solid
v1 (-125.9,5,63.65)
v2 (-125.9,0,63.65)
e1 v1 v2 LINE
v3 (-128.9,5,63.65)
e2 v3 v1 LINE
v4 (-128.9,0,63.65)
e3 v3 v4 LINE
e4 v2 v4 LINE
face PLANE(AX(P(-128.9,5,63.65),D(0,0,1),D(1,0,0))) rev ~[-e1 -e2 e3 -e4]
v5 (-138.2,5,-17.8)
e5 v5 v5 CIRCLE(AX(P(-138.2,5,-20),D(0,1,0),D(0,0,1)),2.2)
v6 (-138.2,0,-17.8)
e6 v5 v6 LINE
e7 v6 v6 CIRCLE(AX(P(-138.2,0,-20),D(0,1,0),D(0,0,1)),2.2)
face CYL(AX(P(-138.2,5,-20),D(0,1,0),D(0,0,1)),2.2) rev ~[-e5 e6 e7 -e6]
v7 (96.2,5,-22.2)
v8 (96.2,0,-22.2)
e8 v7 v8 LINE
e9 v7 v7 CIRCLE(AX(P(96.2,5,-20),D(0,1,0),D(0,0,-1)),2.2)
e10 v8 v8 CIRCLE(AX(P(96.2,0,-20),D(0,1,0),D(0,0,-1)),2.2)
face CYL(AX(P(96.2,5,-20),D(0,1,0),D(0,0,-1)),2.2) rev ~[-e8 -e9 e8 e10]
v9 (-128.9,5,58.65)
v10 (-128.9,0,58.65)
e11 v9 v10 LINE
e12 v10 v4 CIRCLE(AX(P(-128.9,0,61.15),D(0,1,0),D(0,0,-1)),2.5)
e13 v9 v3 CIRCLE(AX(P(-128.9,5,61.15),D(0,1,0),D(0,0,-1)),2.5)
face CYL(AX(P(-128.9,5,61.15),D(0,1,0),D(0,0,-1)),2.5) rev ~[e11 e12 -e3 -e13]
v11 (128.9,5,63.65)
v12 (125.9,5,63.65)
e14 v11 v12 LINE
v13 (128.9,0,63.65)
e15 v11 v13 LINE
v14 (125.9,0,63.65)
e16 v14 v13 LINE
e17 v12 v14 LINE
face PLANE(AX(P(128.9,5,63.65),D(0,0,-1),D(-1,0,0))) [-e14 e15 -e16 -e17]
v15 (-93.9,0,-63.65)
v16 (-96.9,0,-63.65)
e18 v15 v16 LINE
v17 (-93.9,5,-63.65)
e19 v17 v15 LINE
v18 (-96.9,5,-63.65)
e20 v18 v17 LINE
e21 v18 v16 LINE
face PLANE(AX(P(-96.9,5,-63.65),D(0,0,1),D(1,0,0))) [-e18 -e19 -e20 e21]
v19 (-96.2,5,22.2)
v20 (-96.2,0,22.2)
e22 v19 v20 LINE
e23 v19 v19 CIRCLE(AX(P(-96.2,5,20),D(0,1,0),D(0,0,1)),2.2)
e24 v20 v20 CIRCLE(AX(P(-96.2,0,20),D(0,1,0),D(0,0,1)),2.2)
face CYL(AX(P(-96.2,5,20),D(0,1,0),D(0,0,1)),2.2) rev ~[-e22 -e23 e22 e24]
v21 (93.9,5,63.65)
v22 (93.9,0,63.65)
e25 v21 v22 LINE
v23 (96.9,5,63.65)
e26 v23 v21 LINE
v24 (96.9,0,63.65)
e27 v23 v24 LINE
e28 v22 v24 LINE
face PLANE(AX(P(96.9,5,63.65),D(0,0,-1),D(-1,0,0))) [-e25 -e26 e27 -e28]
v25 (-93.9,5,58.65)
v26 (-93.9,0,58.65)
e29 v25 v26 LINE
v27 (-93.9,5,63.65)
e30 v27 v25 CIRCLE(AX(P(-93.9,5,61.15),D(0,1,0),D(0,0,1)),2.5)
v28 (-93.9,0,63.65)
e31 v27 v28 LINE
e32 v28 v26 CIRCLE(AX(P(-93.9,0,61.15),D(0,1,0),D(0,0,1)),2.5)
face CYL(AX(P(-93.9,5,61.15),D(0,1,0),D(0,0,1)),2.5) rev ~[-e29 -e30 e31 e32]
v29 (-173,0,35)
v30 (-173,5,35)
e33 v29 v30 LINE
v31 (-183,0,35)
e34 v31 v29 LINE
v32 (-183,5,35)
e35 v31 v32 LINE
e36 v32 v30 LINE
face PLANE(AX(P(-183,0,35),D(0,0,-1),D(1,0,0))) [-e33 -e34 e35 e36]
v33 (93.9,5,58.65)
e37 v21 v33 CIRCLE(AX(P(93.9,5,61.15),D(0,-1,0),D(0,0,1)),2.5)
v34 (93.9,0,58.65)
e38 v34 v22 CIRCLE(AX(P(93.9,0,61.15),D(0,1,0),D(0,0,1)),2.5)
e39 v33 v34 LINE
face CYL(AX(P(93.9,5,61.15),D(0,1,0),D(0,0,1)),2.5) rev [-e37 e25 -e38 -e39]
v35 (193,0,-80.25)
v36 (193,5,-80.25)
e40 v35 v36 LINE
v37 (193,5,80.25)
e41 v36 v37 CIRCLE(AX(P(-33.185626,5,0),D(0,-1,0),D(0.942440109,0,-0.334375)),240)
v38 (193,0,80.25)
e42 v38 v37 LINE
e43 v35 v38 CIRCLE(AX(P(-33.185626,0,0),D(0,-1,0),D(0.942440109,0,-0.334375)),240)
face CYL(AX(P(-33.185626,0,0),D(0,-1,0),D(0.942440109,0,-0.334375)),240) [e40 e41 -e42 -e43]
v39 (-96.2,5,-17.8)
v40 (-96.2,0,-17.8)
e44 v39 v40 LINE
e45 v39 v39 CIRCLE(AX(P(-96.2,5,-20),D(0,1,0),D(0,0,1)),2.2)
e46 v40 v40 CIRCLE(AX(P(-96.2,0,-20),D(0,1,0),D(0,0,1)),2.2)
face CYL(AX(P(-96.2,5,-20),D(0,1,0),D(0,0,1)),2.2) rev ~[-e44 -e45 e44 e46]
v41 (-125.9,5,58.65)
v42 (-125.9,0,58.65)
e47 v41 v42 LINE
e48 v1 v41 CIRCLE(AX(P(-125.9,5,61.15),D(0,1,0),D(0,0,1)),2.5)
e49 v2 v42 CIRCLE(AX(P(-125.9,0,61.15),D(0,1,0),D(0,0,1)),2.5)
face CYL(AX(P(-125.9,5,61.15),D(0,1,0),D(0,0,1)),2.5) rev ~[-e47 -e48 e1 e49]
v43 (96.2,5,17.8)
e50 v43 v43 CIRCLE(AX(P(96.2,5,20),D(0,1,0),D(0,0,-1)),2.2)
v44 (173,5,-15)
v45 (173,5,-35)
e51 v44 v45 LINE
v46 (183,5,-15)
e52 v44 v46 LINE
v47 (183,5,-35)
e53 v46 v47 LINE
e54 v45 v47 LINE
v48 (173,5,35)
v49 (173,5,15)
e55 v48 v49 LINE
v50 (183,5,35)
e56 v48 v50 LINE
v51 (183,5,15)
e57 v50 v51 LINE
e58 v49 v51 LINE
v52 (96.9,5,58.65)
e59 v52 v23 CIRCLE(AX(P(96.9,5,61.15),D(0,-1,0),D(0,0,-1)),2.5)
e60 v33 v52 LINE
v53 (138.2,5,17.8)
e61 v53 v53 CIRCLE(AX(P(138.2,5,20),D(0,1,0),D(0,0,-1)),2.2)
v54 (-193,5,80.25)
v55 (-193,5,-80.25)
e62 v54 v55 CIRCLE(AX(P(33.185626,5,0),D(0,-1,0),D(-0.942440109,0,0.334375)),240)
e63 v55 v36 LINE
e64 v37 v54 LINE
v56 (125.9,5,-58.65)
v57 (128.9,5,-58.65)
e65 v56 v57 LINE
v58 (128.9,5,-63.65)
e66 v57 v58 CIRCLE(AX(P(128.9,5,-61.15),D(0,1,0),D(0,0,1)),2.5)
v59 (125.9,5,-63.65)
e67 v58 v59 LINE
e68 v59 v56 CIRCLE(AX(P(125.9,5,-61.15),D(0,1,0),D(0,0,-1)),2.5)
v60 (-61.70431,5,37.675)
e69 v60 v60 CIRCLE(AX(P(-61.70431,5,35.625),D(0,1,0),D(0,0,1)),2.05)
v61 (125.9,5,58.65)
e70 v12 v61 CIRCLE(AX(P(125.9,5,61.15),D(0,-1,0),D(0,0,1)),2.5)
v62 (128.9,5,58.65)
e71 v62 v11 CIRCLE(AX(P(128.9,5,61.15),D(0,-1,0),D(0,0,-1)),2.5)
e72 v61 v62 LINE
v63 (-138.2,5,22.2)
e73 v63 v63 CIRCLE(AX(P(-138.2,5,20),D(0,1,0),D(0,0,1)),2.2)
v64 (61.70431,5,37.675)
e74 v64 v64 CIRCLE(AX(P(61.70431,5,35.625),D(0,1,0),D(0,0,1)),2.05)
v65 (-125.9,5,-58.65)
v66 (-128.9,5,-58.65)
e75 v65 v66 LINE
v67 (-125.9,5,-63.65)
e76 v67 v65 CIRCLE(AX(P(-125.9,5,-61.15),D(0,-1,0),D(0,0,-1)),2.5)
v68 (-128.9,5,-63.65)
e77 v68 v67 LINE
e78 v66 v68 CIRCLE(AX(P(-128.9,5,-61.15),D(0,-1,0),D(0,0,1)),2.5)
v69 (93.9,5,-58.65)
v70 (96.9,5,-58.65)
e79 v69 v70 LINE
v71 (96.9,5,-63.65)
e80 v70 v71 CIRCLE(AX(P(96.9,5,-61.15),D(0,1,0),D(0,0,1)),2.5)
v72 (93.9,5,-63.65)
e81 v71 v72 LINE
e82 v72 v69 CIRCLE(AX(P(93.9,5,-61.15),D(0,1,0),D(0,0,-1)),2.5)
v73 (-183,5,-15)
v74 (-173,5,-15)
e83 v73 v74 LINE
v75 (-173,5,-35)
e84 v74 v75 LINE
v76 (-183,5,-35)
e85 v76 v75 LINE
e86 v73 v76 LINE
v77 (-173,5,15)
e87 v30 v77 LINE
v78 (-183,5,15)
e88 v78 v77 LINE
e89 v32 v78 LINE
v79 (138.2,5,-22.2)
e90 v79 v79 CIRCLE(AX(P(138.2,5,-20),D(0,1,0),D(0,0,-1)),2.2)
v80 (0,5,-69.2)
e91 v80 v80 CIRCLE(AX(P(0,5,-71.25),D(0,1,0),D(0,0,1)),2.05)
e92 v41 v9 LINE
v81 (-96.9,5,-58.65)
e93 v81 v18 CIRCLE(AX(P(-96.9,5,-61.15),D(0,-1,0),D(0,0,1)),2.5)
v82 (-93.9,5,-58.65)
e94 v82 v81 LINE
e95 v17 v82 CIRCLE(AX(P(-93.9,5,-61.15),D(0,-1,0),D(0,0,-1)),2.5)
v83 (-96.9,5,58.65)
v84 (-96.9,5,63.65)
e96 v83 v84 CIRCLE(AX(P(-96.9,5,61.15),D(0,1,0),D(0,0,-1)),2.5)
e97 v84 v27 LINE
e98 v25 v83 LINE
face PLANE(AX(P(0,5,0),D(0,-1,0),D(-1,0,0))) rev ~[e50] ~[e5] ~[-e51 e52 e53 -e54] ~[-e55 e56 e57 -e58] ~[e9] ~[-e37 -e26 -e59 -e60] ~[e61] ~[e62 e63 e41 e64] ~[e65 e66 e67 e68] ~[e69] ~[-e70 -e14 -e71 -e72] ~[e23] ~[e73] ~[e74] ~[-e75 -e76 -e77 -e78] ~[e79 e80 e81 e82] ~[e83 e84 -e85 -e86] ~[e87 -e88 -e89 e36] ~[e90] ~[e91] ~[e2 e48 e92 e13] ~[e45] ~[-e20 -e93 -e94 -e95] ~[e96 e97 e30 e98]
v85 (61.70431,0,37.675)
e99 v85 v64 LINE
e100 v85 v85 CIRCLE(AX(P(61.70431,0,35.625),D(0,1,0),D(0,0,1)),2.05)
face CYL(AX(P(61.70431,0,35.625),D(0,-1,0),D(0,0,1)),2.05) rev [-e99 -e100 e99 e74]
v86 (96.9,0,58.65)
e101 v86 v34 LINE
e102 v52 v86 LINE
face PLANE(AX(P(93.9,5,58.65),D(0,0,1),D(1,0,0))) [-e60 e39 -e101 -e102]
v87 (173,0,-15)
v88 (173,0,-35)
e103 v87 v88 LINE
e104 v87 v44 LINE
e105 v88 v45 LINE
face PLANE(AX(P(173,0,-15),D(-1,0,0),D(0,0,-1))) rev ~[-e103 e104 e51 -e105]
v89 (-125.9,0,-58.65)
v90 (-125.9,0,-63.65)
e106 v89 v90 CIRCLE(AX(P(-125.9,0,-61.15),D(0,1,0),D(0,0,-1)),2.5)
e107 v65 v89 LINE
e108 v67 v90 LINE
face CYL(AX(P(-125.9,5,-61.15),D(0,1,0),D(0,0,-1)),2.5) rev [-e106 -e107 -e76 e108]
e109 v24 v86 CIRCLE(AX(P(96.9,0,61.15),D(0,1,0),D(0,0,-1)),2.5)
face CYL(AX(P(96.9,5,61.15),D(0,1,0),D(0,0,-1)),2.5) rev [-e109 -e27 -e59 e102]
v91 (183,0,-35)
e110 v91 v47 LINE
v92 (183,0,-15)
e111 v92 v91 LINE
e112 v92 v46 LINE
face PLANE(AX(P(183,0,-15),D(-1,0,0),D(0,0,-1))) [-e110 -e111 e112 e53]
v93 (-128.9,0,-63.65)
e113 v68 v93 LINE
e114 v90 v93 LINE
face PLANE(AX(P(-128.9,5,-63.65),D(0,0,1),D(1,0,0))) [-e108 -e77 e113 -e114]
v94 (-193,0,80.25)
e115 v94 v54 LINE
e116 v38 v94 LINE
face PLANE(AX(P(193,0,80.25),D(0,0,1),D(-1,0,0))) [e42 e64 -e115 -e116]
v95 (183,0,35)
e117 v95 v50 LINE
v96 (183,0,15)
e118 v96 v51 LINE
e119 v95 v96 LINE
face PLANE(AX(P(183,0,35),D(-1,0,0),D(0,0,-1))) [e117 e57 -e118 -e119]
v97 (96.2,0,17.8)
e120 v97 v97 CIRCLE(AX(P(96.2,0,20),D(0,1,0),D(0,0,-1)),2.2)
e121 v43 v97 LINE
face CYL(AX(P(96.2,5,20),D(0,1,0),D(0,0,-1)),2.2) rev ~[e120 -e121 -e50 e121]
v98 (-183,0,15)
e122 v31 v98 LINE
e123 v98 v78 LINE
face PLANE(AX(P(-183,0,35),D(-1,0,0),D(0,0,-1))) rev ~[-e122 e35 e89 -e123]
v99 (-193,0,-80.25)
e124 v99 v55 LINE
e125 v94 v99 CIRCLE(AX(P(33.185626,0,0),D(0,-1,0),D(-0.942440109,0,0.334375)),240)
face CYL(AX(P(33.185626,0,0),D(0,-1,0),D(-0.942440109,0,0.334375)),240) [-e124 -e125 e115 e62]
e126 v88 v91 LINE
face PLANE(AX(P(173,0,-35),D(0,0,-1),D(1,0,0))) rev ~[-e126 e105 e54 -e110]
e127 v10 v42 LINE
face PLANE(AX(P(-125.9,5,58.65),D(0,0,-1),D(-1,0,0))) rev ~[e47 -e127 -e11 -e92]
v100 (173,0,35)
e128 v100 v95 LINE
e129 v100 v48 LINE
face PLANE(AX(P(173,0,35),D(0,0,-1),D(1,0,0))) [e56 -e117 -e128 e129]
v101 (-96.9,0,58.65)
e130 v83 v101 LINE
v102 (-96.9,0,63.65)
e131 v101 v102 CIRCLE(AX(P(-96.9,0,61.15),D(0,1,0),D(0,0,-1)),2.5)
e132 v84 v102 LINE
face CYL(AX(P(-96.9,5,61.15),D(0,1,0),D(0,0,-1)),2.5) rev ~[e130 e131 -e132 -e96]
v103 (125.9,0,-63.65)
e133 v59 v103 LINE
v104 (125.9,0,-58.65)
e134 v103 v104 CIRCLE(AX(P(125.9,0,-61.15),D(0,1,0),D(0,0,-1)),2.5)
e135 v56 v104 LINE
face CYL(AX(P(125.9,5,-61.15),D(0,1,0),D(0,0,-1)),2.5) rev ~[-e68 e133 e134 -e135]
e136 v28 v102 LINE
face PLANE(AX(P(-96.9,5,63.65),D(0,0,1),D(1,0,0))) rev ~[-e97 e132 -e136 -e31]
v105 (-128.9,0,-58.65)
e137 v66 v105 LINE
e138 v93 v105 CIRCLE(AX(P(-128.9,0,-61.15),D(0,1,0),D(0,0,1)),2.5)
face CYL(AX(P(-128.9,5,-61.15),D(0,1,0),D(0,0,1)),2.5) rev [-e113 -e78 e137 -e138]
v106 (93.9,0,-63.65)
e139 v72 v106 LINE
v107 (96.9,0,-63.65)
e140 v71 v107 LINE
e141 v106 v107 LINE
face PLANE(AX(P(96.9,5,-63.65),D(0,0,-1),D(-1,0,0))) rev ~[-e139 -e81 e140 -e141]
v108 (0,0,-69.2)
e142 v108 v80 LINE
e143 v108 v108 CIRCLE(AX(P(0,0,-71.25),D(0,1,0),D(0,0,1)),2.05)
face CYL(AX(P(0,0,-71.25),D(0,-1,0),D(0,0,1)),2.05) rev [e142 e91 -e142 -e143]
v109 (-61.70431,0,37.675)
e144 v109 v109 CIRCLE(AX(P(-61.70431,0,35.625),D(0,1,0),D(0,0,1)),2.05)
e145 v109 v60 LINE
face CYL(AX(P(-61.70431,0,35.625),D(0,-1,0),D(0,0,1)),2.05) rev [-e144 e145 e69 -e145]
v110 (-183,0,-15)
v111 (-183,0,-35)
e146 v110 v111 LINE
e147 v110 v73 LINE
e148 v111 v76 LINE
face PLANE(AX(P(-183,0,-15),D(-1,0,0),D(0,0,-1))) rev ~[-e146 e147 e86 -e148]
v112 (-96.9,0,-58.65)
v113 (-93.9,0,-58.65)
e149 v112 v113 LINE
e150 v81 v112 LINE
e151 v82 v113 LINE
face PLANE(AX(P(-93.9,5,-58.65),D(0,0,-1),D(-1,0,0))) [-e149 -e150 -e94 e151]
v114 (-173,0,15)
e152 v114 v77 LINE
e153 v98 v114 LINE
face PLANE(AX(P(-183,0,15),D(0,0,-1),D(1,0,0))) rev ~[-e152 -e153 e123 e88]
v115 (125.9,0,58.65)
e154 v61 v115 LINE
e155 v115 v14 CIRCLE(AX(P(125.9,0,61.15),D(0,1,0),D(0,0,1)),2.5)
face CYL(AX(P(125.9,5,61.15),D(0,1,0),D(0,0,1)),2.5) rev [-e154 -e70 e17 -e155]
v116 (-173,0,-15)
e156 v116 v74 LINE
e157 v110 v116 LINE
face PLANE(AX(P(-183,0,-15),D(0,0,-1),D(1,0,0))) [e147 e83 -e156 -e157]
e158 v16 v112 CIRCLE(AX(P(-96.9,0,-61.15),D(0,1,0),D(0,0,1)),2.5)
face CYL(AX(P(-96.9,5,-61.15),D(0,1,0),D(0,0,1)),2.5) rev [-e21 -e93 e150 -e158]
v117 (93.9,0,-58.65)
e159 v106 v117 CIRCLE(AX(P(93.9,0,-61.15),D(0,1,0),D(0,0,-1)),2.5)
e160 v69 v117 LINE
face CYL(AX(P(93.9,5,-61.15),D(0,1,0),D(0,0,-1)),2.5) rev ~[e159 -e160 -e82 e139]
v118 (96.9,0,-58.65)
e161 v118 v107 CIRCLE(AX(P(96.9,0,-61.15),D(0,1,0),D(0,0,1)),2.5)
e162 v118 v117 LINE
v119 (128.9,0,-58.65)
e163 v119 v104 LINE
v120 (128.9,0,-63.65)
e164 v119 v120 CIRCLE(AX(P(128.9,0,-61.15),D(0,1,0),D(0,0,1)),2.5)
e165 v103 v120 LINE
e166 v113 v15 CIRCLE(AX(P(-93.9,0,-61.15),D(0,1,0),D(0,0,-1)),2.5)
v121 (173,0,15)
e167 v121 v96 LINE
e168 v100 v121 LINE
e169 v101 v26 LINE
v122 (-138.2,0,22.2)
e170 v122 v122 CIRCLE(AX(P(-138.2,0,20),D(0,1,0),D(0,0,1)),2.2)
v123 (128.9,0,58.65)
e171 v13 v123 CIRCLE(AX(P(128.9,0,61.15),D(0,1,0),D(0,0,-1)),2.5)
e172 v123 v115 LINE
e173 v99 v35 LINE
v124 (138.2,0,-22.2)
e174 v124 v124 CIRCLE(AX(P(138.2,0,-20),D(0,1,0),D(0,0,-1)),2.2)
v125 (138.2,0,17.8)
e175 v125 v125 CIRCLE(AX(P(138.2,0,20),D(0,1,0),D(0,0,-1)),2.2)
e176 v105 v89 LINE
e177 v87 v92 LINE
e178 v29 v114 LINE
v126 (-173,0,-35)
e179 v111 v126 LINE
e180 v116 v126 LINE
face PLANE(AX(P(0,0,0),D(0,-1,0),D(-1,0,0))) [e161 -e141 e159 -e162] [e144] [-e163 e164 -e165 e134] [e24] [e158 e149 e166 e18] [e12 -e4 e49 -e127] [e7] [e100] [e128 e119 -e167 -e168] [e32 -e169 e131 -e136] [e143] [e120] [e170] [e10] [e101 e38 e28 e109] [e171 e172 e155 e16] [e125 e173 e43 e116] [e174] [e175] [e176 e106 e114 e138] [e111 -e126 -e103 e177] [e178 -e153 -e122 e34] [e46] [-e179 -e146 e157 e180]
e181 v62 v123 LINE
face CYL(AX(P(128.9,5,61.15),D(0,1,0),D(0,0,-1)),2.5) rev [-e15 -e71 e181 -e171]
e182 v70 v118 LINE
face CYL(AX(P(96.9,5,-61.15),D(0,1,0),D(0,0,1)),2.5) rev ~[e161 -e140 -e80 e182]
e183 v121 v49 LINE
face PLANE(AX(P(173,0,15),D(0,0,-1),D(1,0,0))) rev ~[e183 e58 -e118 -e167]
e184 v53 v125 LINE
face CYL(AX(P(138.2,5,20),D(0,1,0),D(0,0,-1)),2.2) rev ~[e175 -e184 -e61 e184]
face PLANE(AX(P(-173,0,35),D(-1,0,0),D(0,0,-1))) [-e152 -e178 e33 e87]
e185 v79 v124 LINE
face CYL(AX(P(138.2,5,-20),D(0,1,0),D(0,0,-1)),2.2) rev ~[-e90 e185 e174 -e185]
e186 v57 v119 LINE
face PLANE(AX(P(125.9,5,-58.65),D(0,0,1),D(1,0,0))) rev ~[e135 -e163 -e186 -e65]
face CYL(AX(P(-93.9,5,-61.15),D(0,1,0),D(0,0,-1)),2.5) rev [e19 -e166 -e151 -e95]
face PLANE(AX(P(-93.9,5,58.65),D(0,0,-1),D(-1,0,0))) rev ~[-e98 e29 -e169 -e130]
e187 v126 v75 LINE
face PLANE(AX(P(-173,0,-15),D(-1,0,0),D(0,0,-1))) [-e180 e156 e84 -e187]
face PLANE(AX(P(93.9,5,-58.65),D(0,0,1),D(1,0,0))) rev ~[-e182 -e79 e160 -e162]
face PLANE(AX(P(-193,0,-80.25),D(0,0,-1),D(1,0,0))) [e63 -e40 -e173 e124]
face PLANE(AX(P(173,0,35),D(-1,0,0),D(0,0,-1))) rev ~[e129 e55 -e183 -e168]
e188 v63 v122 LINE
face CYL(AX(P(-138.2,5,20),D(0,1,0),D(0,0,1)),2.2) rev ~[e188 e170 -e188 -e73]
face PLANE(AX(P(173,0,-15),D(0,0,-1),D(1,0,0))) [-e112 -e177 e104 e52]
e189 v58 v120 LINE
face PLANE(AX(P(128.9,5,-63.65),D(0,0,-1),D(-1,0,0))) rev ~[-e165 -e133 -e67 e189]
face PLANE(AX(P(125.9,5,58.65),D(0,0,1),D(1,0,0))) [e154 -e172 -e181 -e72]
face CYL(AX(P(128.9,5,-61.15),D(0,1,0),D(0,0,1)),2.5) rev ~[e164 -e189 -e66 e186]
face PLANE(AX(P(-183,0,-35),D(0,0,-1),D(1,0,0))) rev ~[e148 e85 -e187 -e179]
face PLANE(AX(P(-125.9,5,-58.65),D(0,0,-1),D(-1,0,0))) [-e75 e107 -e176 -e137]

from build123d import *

# Parameters (mm, degrees)
SKETCH_1_R          = 2.05
SKETCH_1_W          = 10
SKETCH_1_H          = 20
EXTRUDE_1_DEPTH     = 5
SKETCH_4_R          = 2.2
CUT_EXTRUDE_1_DEPTH = 222.894677065


with BuildPart() as part:
    # 草圖1 → 填料-伸長1 (new body)
    with BuildSketch(Plane(origin=(0, 0, 0), x_dir=(1, 0, 0), z_dir=(0, 1, 0))):
        with BuildLine():
            Line((193, -80.25), (-193, -80.25))
            ThreePointArc((-193, -80.25), (-206.814373799, 0), (-193, 80.25))
            Line((-193, 80.25), (193, 80.25))
            ThreePointArc((193, 80.25), (206.814373799, 0), (193, -80.25))
        make_face()
        with Locations(Location((0, 71.25, 0), (0, 0, 270))):
            Circle(SKETCH_1_R, mode=Mode.SUBTRACT)
        with Locations(Location((61.70431002, -35.625, 0), (0, 0, 270))):
            Circle(SKETCH_1_R, mode=Mode.SUBTRACT)
        with Locations(Location((-61.70431002, -35.625, 0), (0, 0, 270))):
            Circle(SKETCH_1_R, mode=Mode.SUBTRACT)
        with Locations((178, -25)):
            Rectangle(SKETCH_1_W, SKETCH_1_H, mode=Mode.SUBTRACT)
        with Locations((-178, -25)):
            Rectangle(SKETCH_1_W, SKETCH_1_H, mode=Mode.SUBTRACT)
        with Locations((-178, 25)):
            Rectangle(SKETCH_1_W, SKETCH_1_H, mode=Mode.SUBTRACT)
        with Locations((178, 25)):
            Rectangle(SKETCH_1_W, SKETCH_1_H, mode=Mode.SUBTRACT)
    extrude(amount=EXTRUDE_1_DEPTH)

    # 草圖4 → 除料-伸長1 (cut, through all)
    with BuildSketch(Plane(origin=(0, 5, 0), x_dir=(1, 0, 0), z_dir=(0, 1, 0))):
        with Locations(Location((-138.2, 20, 0), (0, 0, 270))):
            Circle(SKETCH_4_R)
        with Locations(Location((-96.2, 20, 0), (0, 0, 270))):
            Circle(SKETCH_4_R)
        with Locations(Location((-96.2, -20, 0), (0, 0, 270))):
            Circle(SKETCH_4_R)
        with Locations(Location((-138.2, -20, 0), (0, 0, 270))):
            Circle(SKETCH_4_R)
        with Locations(Location((96.2, -20, 0), (0, 0, 90))):
            Circle(SKETCH_4_R)
        with Locations(Location((138.2, -20, 0), (0, 0, 90))):
            Circle(SKETCH_4_R)
        with Locations(Location((96.2, 20, 0), (0, 0, 90))):
            Circle(SKETCH_4_R)
        with Locations(Location((138.2, 20, 0), (0, 0, 90))):
            Circle(SKETCH_4_R)
        with BuildLine():
            Line((-96.9, 63.65), (-93.9, 63.65))
            ThreePointArc((-93.9, 63.65), (-91.4, 61.15), (-93.9, 58.65))
            Line((-93.9, 58.65), (-96.9, 58.65))
            ThreePointArc((-96.9, 58.65), (-99.4, 61.15), (-96.9, 63.65))
        make_face()
        with BuildLine():
            Line((-128.9, 63.65), (-125.9, 63.65))
            ThreePointArc((-125.9, 63.65), (-123.4, 61.15), (-125.9, 58.65))
            Line((-125.9, 58.65), (-128.9, 58.65))
            ThreePointArc((-128.9, 58.65), (-131.4, 61.15), (-128.9, 63.65))
        make_face()
        with BuildLine():
            Line((-96.9, -63.65), (-93.9, -63.65))
            ThreePointArc((-93.9, -63.65), (-91.4, -61.15), (-93.9, -58.65))
            Line((-93.9, -58.65), (-96.9, -58.65))
            ThreePointArc((-96.9, -58.65), (-99.4, -61.15), (-96.9, -63.65))
        make_face()
        with BuildLine():
            Line((-128.9, -63.65), (-125.9, -63.65))
            ThreePointArc((-125.9, -63.65), (-123.4, -61.15), (-125.9, -58.65))
            Line((-125.9, -58.65), (-128.9, -58.65))
            ThreePointArc((-128.9, -58.65), (-131.4, -61.15), (-128.9, -63.65))
        make_face()
        with BuildLine():
            Line((96.9, -63.65), (93.9, -63.65))
            ThreePointArc((93.9, -63.65), (91.4, -61.15), (93.9, -58.65))
            Line((93.9, -58.65), (96.9, -58.65))
            ThreePointArc((96.9, -58.65), (99.4, -61.15), (96.9, -63.65))
        make_face()
        with BuildLine():
            Line((128.9, -63.65), (125.9, -63.65))
            ThreePointArc((125.9, -63.65), (123.4, -61.15), (125.9, -58.65))
            Line((125.9, -58.65), (128.9, -58.65))
            ThreePointArc((128.9, -58.65), (131.4, -61.15), (128.9, -63.65))
        make_face()
        with BuildLine():
            Line((96.9, 63.65), (93.9, 63.65))
            ThreePointArc((93.9, 63.65), (91.4, 61.15), (93.9, 58.65))
            Line((93.9, 58.65), (96.9, 58.65))
            ThreePointArc((96.9, 58.65), (99.4, 61.15), (96.9, 63.65))
        make_face()
        with BuildLine():
            Line((128.9, 63.65), (125.9, 63.65))
            ThreePointArc((125.9, 63.65), (123.4, 61.15), (125.9, 58.65))
            Line((125.9, 58.65), (128.9, 58.65))
            ThreePointArc((128.9, 58.65), (131.4, 61.15), (128.9, 63.65))
        make_face()
    extrude(amount=-CUT_EXTRUDE_1_DEPTH, mode=Mode.SUBTRACT)


solid = part.part
